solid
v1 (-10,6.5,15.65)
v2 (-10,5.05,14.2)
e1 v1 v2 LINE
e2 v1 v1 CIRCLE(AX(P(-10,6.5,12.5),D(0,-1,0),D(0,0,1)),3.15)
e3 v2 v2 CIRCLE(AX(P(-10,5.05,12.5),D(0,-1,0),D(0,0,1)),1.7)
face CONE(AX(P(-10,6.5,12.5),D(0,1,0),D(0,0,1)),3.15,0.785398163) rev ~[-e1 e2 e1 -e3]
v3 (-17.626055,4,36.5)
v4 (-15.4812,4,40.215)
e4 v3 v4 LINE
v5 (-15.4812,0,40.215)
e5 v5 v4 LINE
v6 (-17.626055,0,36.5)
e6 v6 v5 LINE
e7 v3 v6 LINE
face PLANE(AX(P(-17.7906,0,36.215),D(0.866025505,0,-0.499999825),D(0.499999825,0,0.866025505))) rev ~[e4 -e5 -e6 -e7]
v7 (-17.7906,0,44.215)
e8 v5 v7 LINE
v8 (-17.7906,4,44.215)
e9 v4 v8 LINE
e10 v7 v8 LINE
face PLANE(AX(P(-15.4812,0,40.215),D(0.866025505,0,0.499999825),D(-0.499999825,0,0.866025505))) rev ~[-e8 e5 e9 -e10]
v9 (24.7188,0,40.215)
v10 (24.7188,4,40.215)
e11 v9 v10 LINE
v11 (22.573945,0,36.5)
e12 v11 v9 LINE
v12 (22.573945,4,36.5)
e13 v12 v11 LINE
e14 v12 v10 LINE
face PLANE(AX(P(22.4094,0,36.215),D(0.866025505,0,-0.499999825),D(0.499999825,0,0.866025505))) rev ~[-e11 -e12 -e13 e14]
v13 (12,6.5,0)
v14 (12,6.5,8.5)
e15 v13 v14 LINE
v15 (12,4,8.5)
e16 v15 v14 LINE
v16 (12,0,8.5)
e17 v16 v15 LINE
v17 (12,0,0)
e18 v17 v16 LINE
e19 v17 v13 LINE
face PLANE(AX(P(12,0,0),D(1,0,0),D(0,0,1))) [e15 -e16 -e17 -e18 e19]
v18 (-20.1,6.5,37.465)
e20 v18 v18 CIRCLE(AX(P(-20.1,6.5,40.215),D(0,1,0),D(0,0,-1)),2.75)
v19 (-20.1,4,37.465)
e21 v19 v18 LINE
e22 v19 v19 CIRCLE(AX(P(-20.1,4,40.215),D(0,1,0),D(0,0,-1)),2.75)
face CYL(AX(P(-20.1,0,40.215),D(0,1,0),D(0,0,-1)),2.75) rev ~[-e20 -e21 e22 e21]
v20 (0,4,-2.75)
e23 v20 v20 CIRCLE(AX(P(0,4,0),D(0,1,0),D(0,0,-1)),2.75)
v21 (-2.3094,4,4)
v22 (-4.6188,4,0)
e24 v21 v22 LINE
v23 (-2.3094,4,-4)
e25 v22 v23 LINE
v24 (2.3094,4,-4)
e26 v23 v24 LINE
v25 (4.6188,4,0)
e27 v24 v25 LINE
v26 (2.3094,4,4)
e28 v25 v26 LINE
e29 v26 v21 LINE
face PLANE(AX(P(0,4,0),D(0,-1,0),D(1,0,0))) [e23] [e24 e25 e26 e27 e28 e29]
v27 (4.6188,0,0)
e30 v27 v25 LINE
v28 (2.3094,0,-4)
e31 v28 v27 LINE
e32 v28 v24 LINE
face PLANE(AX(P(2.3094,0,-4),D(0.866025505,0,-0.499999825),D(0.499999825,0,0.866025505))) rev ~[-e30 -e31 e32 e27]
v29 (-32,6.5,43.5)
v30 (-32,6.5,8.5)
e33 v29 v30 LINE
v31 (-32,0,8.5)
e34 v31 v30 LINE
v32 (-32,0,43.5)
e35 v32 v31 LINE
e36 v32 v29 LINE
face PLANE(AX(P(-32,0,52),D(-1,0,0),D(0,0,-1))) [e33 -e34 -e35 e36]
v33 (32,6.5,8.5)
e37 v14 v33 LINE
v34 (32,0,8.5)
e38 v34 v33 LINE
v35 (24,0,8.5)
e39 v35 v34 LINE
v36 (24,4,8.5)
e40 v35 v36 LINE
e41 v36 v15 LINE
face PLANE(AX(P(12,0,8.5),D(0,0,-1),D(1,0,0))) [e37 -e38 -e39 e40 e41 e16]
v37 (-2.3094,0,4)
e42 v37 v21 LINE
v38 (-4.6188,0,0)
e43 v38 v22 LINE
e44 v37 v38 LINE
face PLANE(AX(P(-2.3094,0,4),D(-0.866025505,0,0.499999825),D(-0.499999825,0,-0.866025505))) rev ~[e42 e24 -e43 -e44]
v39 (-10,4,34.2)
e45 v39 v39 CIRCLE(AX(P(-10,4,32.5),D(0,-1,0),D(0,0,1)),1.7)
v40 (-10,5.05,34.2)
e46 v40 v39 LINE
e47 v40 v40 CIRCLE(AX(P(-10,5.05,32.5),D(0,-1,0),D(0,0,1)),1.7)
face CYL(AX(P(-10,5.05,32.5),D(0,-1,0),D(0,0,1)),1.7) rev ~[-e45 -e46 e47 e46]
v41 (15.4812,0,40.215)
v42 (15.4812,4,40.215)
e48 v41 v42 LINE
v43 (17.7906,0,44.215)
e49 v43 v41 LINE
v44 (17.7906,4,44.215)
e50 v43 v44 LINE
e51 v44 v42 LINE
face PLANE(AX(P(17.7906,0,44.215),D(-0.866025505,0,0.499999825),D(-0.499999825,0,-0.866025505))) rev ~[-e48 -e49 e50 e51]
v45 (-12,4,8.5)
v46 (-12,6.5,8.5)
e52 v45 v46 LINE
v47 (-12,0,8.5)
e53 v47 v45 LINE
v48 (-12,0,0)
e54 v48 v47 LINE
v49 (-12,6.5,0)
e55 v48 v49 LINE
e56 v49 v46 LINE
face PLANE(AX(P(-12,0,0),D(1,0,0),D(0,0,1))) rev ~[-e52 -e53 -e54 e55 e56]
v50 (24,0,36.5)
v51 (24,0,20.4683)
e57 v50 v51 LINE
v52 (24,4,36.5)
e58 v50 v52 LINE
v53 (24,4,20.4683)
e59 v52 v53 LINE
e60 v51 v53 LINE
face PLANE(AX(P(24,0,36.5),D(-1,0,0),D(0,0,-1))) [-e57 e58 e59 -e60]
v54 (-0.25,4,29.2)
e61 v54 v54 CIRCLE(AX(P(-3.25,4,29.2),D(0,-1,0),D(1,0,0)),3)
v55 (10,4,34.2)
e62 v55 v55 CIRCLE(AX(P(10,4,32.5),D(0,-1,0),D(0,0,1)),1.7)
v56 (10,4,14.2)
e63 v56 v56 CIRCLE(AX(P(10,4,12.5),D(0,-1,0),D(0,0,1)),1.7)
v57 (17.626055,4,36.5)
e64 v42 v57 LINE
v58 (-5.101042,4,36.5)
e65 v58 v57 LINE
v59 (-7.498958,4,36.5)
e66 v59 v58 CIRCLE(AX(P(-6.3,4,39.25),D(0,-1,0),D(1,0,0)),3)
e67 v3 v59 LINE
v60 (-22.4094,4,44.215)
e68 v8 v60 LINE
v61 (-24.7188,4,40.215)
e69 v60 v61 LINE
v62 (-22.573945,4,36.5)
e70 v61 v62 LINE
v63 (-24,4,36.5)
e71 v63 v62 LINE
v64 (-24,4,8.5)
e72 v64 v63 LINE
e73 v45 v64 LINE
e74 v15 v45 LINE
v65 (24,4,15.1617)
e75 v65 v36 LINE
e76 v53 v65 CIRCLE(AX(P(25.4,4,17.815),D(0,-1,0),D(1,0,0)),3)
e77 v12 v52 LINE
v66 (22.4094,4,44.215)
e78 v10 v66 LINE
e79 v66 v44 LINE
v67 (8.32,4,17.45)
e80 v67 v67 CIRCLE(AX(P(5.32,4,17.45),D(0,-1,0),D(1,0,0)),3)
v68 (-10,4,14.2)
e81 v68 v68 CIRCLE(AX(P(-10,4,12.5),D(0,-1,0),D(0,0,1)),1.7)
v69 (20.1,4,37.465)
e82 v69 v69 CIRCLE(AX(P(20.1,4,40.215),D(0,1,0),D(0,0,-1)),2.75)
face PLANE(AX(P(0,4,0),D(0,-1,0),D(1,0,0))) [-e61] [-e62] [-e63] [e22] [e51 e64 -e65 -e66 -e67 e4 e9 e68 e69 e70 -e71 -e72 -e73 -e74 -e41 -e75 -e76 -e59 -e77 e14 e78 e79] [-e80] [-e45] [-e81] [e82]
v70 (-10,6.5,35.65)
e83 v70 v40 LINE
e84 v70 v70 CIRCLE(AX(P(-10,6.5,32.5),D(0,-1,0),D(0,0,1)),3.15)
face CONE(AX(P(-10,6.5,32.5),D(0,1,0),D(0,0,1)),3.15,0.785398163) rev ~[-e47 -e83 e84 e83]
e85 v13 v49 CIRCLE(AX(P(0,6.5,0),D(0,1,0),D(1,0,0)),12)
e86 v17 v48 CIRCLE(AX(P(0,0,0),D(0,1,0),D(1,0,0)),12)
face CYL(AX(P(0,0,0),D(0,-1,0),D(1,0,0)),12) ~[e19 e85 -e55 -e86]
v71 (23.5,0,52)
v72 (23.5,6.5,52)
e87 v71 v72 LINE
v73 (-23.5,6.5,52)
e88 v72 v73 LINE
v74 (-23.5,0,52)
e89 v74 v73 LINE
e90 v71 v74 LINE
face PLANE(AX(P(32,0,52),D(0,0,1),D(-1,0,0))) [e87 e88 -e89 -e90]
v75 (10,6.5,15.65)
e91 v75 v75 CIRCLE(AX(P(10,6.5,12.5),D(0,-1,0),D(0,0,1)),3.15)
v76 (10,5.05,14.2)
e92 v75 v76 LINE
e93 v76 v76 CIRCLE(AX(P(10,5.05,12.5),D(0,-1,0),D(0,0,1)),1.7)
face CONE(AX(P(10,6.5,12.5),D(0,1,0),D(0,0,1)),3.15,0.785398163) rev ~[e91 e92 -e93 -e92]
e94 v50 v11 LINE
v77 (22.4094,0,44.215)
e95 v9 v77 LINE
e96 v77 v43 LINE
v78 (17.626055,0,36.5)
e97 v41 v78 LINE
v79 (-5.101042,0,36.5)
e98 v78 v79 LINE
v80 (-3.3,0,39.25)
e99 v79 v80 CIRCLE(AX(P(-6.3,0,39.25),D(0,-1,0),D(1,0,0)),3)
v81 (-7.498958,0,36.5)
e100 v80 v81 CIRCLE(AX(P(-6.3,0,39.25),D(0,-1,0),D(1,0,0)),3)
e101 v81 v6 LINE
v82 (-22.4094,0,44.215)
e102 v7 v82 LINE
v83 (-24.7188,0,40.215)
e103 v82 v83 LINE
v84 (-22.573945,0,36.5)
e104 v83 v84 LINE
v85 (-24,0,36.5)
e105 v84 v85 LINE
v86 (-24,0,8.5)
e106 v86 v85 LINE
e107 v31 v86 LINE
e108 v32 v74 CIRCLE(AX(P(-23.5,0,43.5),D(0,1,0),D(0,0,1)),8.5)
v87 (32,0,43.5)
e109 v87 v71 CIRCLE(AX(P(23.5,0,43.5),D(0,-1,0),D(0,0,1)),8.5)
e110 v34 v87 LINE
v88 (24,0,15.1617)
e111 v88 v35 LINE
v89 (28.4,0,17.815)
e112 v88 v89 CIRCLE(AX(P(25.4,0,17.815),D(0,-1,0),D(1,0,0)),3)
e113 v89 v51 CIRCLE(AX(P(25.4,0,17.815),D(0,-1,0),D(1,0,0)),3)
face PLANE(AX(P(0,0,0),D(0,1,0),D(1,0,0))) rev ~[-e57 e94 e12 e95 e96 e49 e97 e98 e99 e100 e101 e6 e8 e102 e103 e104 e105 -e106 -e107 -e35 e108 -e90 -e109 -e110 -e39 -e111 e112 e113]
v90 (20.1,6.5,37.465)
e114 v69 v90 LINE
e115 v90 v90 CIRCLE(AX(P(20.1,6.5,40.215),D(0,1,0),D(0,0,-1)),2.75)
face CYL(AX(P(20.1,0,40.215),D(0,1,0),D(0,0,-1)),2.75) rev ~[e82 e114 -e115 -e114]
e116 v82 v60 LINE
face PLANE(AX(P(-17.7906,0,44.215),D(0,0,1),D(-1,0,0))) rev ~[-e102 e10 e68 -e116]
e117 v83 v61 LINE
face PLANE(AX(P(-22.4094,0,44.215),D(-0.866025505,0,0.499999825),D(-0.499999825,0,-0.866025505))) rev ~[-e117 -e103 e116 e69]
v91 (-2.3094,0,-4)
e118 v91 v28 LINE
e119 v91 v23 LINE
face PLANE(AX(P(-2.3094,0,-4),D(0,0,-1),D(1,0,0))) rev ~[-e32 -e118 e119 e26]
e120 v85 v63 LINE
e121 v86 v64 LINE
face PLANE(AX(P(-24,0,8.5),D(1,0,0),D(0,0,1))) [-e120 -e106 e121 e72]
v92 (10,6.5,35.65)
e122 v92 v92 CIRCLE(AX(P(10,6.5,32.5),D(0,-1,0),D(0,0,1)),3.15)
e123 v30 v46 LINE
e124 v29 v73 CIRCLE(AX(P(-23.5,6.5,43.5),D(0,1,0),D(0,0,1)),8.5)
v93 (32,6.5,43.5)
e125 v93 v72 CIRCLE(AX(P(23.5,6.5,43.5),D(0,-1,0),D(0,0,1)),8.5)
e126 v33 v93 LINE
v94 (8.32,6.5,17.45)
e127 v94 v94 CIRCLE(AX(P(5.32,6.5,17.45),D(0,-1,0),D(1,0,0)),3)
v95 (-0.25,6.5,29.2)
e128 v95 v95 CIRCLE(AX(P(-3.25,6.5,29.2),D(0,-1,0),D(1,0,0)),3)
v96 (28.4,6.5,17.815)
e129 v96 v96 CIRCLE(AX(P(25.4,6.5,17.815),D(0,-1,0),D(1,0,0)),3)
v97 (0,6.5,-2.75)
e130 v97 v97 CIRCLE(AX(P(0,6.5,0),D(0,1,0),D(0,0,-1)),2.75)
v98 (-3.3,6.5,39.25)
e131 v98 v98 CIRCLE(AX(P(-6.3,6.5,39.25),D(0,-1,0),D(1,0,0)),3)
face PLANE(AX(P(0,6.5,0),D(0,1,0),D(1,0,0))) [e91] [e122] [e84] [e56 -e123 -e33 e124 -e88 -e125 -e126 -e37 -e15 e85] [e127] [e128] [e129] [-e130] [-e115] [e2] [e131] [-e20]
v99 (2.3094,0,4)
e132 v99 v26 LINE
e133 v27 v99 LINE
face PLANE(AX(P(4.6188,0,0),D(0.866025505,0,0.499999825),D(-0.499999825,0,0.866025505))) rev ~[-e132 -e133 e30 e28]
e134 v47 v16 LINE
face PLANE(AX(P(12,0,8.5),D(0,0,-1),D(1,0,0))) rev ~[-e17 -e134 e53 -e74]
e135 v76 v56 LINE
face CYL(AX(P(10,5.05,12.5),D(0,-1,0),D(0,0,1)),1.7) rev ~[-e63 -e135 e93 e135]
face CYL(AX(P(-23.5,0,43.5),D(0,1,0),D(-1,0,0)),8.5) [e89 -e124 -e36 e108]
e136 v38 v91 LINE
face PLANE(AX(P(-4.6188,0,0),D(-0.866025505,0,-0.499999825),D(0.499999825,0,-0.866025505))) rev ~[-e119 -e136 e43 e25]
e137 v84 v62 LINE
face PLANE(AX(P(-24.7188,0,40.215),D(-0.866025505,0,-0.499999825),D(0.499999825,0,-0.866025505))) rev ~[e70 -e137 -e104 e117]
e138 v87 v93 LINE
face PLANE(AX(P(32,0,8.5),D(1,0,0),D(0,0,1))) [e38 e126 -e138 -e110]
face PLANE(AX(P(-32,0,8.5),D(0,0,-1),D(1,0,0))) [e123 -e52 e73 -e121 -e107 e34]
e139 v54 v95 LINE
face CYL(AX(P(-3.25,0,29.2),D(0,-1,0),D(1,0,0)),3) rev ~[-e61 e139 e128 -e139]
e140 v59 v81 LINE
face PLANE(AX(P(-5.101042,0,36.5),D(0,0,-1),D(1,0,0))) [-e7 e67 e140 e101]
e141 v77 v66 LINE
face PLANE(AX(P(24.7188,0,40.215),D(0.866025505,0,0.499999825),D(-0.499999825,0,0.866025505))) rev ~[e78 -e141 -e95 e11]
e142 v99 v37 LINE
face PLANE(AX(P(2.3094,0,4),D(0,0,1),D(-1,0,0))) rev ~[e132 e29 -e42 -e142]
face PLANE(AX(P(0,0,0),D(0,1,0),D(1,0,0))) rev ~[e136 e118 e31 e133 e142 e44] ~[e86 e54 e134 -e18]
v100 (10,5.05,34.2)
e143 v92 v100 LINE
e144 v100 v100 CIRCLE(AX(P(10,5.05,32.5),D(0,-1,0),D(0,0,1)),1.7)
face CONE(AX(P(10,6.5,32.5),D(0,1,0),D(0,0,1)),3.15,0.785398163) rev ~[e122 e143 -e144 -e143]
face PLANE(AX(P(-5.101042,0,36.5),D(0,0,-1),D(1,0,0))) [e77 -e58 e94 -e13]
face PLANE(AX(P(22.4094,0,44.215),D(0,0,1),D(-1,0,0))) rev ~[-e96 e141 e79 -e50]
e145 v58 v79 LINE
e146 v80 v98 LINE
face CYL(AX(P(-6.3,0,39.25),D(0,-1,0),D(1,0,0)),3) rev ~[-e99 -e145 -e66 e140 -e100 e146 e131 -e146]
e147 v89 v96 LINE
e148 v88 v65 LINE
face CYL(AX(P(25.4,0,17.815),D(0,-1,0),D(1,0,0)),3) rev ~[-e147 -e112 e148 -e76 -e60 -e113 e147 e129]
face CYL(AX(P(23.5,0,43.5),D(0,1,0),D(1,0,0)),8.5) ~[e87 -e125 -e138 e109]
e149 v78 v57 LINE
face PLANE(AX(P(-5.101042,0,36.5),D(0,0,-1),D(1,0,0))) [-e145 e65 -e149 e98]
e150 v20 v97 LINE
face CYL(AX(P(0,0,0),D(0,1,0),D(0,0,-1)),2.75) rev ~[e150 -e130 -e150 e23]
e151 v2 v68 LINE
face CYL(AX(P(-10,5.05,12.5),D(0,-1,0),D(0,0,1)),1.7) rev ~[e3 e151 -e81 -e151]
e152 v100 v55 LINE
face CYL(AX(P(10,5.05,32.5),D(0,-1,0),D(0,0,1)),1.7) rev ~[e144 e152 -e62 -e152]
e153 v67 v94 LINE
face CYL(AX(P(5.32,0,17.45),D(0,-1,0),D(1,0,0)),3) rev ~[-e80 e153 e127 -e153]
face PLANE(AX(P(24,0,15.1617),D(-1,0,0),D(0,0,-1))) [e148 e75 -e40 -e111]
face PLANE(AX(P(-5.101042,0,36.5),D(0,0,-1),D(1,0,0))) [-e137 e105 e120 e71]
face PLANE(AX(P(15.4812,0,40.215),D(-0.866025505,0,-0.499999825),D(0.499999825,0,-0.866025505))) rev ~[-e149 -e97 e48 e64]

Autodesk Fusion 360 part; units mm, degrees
sketch "Sketch1" plane through (0, 0, 0) normal (0, 1, 0) x (1, 0, 0)
  circle A0 centre (0, 0) radius 12
  line L0 (32, -52) -> (-32, -52)
  line L1 (-32, -52) -> (-32, -8.5)
  line L2 (-32, -8.5) -> (32, -8.5)
  line L3 (32, -8.5) -> (32, -52)
  line L4 (0, 0) -> (0, -52) construction
  line L5 (-12, 0) -> (-12, -8.5)
  line L6 (12, 0) -> (12, -8.5)
  dimension "d1" = 24
  dimension "d2" = 64
  dimension "d3" = 43.5
  dimension "d4" = 64
extrude "Extrude1" add sketch "Sketch1" along normal blind 6.5
fillet "Fillet1" radius 8.5 2 edges at (-32, 3.25, 52) (32, 3.25, 52)
sketch "Sketch2" plane through (0, 0, 0) normal (0, -1, 0) x (1, 0, 0)
  line L0 (-12, 8.5) -> (-12, 0)
  arc A0 (-12, 0) -> (12, 0) centre (0, 0) ccw
  line L1 (12, 0) -> (12, 8.5)
  line L2 (12, 8.5) -> (32, 8.5)
  line L3 (32, 8.5) -> (32, 43.5)
  line L4 (23.5, 52) -> (-23.5, 52)
  line L5 (-32, 43.5) -> (-32, 8.5)
  line L6 (-32, 8.5) -> (-12, 8.5)
  line L7 (-32, 40.215) -> (32, 40.215) construction
  circle A1 centre (-20.1, 40.215) radius 2.5 construction
  circle A2 centre (0, 0) radius 2.5 construction
  circle A3 centre (20.1, 40.215) radius 2.5 construction
  line L8 (0, 0) -> (0, 48) construction
  line L9 (-17.7906, 36.215) -> (-15.4812, 40.215)
  line L10 (-15.4812, 40.215) -> (-17.7906, 44.215)
  line L11 (-17.7906, 44.215) -> (-22.4094, 44.215)
  line L12 (-22.4094, 44.215) -> (-24.7188, 40.215)
  line L13 (-24.7188, 40.215) -> (-22.4094, 36.215)
  line L14 (-22.4094, 36.215) -> (-17.7906, 36.215)
  line L15 (22.4094, 36.215) -> (24.7188, 40.215)
  line L16 (24.7188, 40.215) -> (22.4094, 44.215)
  line L17 (22.4094, 44.215) -> (17.7906, 44.215)
  line L18 (17.7906, 44.215) -> (15.4812, 40.215)
  line L19 (15.4812, 40.215) -> (17.7906, 36.215)
  line L20 (17.7906, 36.215) -> (22.4094, 36.215)
  line L21 (2.3094, -4) -> (4.6188, 0)
  line L22 (4.6188, 0) -> (2.3094, 4)
  line L23 (2.3094, 4) -> (-2.3094, 4)
  line L24 (-2.3094, 4) -> (-4.6188, 0)
  line L25 (-4.6188, 0) -> (-2.3094, -4)
  line L26 (-2.3094, -4) -> (2.3094, -4)
  arc A4 (32, 43.5) -> (23.5, 52) centre (23.5, 43.5) ccw
  arc A5 (-23.5, 52) -> (-32, 43.5) centre (-23.5, 43.5) ccw
  point P0 (-20.1, 40.215)
  point P1 (20.1, 40.215)
  dimension "d7" = 40.215
  dimension "d8" = 5
  dimension "d9" = 5
  dimension "d10" = 5
  dimension "d11" = 20.1
  dimension "d12" = 20.1
  dimension "d13" = 4
  dimension "d14" = 4
  dimension "d45" = 4
hole "Hole1" at (-20.1, 0, 40.215) at (20.1, 0, 40.215) at (0, 0, 0) direction (0, 1, 0) diameter 5.5 depth 16 tip angle 118
sketch "Sketch3" plane through (0, 0, 0) normal (0, -1, 0) x (1, 0, 0)
  circle A0 centre (20.1, 40.215) radius 2.75
  circle A1 centre (-20.1, 40.215) radius 2.75
  circle A2 centre (0, 0) radius 2.75
  line L0 (-12, 8.5) -> (-12, 0)
  arc A3 (-12, 0) -> (12, 0) centre (0, 0) ccw
  line L1 (12, 0) -> (12, 8.5)
  line L2 (12, 8.5) -> (32, 8.5)
  line L3 (32, 8.5) -> (32, 43.5)
  line L4 (23.5, 52) -> (-23.5, 52)
  line L5 (-32, 43.5) -> (-32, 8.5)
  line L6 (-32, 8.5) -> (-12, 8.5)
  line L7 (0, 0) -> (0, 52) construction
  line L8 (32, 0) -> (-32, 0) construction
  circle A4 centre (5.32, 17.45) radius 3
  circle A5 centre (25.4, 17.815) radius 3
  circle A6 centre (-3.25, 29.2) radius 3
  circle A7 centre (-6.3, 39.25) radius 3
  arc A8 (32, 43.5) -> (23.5, 52) centre (23.5, 43.5) ccw
  arc A9 (-23.5, 52) -> (-32, 43.5) centre (-23.5, 43.5) ccw
  dimension "d18" = 6
  dimension "d19" = 17.45
  dimension "d20" = 5.32
  dimension "d21" = 6
  dimension "d22" = 25.4
  dimension "d23" = 17.815
  dimension "d24" = 6
  dimension "d25" = 6
  dimension "d26" = 6.3
  dimension "d27" = 3.25
  dimension "d28" = 39.25
  dimension "d29" = 29.2
extrude "Extrude2" cut sketch "Sketch3" against normal through all contours A4 | A5 | A6 | A7
sketch "Sketch4" plane through (0, 0, 0) normal (0, -1, 0) x (1, 0, 0)
  circle A0 centre (5.32, 17.45) radius 3
  circle A1 centre (-3.25, 29.2) radius 3
  circle A2 centre (25.4, 17.815) radius 3
  circle A3 centre (-6.3, 39.25) radius 3
  circle A4 centre (20.1, 40.215) radius 2.75
  circle A5 centre (-20.1, 40.215) radius 2.75
  circle A6 centre (0, 0) radius 2.75
  line L0 (-12, 8.5) -> (-12, 0)
  arc A7 (-12, 0) -> (12, 0) centre (0, 0) ccw
  line L1 (12, 0) -> (12, 8.5)
  line L2 (12, 8.5) -> (32, 8.5)
  line L3 (32, 8.5) -> (32, 43.5)
  line L4 (23.5, 52) -> (-23.5, 52)
  line L5 (-32, 43.5) -> (-32, 8.5)
  line L6 (-32, 8.5) -> (-12, 8.5)
  line L7 (0, 56) -> (0, 0) construction
  line L8 (41, 0) -> (0, 0) construction
  line L9 (24, 8.5) -> (-24, 8.5)
  line L10 (-24, 8.5) -> (-24, 36.5)
  line L11 (-24, 36.5) -> (24, 36.5)
  line L12 (24, 36.5) -> (24, 8.5)
  line L13 (24, 8.5) -> (-24, 36.5) construction
  line L14 (-24, 8.5) -> (24, 36.5) construction
  line L15 (10, 32.5) -> (-10, 32.5) construction
  line L16 (-10, 32.5) -> (-10, 12.5) construction
  line L17 (-10, 12.5) -> (10, 12.5) construction
  line L18 (10, 12.5) -> (10, 32.5) construction
  line L19 (10, 32.5) -> (-10, 12.5) construction
  line L20 (-10, 32.5) -> (10, 12.5) construction
  arc A8 (32, 43.5) -> (23.5, 52) centre (23.5, 43.5) ccw
  arc A9 (-23.5, 52) -> (-32, 43.5) centre (-23.5, 43.5) ccw
  point P0 (0, 22.5)
  point P1 (0, 22.5)
  dimension "d31" = 48
  dimension "d32" = 28
  dimension "d33" = 20
  dimension "d34" = 20
  dimension "d35" = 8.5
extrude "Extrude3" cut sketch "Sketch4" against normal blind 4 contours A2 A3 L2 L6 L9 L10 L11 L12 | A3 L11 picked at (-6.5707, 36.454)
extrude "Extrude4" cut sketch "Sketch2" against normal blind 4 contours L9 L10 L11 L12 L13 L14 | L15 L16 L17 L18 L19 L20 | L21 L22 L23 L24 L25 L26
sketch "Sketch5" plane through (0, 6.5, 0) normal (0, 1, 0) x (-1, 0, 0)
  circle A0 centre (-5.32, 17.45) radius 3
  circle A1 centre (3.25, 29.2) radius 3
  circle A2 centre (-25.4, 17.815) radius 3
  circle A3 centre (6.3, 39.25) radius 3
  circle A4 centre (-20.1, 40.215) radius 2.75
  circle A5 centre (20.1, 40.215) radius 2.75
  circle A6 centre (0, 0) radius 2.75
  line L0 (12, 0) -> (12, 8.5)
  line L1 (12, 8.5) -> (32, 8.5)
  line L2 (32, 8.5) -> (32, 43.5)
  line L3 (23.5, 52) -> (-23.5, 52)
  line L4 (-32, 43.5) -> (-32, 8.5)
  line L5 (-32, 8.5) -> (-12, 8.5)
  line L6 (-12, 8.5) -> (-12, 0)
  arc A7 (-12, 0) -> (12, 0) centre (0, 0) ccw
  line L7 (-10, 32.5) -> (10, 32.5)
  line L8 (-10, 12.5) -> (-10, 32.5)
  line L9 (10, 32.5) -> (10, 12.5)
  line L10 (10, 12.5) -> (-10, 12.5)
  arc A8 (-23.5, 52) -> (-32, 43.5) centre (-23.5, 43.5) ccw
  arc A9 (32, 43.5) -> (23.5, 52) centre (23.5, 43.5) ccw
hole "Hole2" at (10, 6.5, 32.5) at (10, 6.5, 12.5) at (-10, 6.5, 12.5) at (-10, 6.5, 32.5) direction (0, -1, 0) diameter 3.4 depth 16 tip angle 118 countersink diameter 6.3 countersink angle 90
